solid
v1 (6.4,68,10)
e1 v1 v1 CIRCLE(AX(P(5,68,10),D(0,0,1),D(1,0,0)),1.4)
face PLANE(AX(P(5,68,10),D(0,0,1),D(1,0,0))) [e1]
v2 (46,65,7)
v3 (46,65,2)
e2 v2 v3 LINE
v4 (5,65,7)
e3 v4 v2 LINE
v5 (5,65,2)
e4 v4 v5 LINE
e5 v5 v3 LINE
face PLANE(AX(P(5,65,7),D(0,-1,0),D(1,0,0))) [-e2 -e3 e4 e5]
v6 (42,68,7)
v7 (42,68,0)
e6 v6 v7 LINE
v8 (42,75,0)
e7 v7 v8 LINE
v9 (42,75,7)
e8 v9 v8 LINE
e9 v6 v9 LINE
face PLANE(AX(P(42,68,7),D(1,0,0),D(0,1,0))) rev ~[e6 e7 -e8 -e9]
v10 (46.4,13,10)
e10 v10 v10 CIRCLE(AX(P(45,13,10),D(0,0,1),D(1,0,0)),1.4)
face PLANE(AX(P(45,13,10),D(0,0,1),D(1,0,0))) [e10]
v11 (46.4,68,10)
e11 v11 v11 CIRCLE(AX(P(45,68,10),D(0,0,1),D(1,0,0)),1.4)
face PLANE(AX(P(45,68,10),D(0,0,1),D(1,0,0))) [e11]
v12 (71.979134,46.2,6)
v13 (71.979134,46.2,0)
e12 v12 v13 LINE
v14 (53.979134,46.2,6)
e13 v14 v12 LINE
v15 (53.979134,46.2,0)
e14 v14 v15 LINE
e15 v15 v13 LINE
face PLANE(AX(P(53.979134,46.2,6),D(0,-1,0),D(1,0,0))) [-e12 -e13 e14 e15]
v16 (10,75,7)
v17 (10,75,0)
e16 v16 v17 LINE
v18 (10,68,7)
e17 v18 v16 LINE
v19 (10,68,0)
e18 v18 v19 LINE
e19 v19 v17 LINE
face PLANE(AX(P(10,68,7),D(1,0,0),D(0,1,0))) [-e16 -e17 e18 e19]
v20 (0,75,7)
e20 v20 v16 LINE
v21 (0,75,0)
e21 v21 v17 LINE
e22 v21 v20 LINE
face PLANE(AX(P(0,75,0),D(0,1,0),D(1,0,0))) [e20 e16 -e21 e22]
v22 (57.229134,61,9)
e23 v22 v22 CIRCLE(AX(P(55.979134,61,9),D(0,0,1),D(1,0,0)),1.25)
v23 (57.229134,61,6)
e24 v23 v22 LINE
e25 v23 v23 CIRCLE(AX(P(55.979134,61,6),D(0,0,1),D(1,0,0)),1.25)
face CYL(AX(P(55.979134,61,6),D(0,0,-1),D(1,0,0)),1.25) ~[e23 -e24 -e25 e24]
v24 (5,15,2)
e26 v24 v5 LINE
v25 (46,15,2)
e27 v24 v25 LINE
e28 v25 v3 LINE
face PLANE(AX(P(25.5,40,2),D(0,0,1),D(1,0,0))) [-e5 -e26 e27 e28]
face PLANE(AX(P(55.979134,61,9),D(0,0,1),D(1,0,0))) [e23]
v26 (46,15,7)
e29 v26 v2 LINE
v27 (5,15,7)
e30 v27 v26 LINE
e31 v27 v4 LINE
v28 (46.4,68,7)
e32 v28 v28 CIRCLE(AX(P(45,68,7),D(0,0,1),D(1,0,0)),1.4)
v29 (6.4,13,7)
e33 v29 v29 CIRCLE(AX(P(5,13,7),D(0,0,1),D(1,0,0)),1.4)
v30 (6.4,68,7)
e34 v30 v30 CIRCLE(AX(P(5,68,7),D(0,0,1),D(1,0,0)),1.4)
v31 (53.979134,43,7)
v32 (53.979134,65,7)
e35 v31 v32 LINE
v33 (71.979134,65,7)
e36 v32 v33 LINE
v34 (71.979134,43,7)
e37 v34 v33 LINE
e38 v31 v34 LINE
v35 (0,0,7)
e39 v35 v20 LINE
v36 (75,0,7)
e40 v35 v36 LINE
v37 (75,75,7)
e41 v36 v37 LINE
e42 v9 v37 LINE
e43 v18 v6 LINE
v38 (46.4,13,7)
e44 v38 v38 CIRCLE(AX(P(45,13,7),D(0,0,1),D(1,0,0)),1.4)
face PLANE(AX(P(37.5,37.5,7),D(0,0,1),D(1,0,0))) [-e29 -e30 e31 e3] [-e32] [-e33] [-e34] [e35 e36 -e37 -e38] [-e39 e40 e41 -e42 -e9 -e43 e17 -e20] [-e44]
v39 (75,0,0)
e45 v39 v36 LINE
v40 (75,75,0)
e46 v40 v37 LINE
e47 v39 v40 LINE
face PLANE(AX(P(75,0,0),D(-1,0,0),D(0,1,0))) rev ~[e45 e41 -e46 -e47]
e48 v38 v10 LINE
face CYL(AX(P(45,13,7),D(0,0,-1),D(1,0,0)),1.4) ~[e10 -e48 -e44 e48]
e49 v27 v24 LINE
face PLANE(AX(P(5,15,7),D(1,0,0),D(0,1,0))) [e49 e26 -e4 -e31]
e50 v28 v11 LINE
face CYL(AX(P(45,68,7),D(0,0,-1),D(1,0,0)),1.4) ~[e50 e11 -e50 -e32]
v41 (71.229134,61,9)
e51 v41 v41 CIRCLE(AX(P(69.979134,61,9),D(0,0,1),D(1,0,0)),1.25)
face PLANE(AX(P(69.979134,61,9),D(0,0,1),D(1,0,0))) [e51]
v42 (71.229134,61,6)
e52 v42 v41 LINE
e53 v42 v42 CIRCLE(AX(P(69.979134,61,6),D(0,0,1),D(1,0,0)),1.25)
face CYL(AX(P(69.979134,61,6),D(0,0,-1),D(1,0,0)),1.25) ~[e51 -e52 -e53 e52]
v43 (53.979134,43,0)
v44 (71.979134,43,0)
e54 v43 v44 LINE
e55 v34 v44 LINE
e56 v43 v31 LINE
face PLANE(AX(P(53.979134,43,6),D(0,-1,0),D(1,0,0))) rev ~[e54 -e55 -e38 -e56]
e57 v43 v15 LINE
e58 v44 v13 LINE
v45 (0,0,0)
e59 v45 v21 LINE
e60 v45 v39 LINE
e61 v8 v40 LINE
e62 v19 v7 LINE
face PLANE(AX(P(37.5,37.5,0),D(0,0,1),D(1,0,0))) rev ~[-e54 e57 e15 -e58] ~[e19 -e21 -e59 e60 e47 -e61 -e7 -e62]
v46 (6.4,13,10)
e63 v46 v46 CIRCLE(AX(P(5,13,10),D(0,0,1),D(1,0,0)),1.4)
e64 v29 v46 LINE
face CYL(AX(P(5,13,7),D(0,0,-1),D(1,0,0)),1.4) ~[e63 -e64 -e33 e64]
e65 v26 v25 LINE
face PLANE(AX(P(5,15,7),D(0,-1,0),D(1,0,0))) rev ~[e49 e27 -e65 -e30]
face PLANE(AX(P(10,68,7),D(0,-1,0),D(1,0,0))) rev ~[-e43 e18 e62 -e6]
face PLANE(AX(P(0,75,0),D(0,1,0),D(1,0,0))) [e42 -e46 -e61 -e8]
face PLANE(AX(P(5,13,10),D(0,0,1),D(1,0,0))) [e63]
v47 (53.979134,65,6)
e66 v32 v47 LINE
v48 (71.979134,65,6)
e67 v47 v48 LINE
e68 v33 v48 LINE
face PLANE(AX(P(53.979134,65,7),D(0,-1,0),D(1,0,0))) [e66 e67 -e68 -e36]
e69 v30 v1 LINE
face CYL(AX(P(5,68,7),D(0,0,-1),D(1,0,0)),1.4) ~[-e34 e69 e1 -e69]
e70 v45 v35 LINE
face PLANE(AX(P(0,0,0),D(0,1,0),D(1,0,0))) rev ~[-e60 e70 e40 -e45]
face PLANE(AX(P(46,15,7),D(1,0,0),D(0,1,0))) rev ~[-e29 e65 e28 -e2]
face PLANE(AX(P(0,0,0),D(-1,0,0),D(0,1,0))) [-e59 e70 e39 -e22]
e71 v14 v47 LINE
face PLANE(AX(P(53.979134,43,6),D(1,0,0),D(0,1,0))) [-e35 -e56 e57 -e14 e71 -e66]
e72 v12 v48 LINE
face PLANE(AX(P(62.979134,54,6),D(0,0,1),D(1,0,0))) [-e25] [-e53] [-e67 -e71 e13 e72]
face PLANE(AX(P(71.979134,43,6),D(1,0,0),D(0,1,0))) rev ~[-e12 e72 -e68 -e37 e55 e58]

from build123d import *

# Parameters (mm, degrees)
SKETCH_W        = 75
SKETCH_H        = 75
PAD_DEPTH       = 7
SKETCH001_R     = 1.4
PAD001_DEPTH    = 3
SKETCH002_W     = 41
SKETCH002_H     = 50
POCKET_DEPTH    = 5
SKETCH003_W     = 18
SKETCH003_H     = 22
POCKET001_DEPTH = 1
SKETCH004_W     = 18
SKETCH004_H     = 3.2
POCKET002_DEPTH = 6.001
SKETCH005_R     = 1.25
PAD002_DEPTH    = 3
SKETCH006_W     = 32
SKETCH006_H     = 10
POCKET003_DEPTH = 7.001


with BuildPart() as part:
    # Sketch → Pad (new body)
    with BuildSketch(Plane.XY):
        with Locations((37.5, 37.5)):
            Rectangle(SKETCH_W, SKETCH_H)
    extrude(amount=PAD_DEPTH)

    # Sketch001 (on Face6 of Pad) → Pad001 (join)
    with BuildSketch(Plane.XY.offset(7)):
        with Locations((5, 68)):
            Circle(SKETCH001_R)
        with Locations((45, 68)):
            Circle(SKETCH001_R)
        with Locations((5, 13)):
            Circle(SKETCH001_R)
        with Locations((45, 13)):
            Circle(SKETCH001_R)
    extrude(amount=PAD001_DEPTH)

    # Sketch002 (on Face5 of Pad001) → Pocket (cut)
    with BuildSketch(Plane.XY.offset(7)):
        with Locations((25.5, 40)):
            Rectangle(SKETCH002_W, SKETCH002_H)
    extrude(amount=-POCKET_DEPTH, mode=Mode.SUBTRACT)

    # Sketch003 (on Face5 of Pocket) → Pocket001 (cut)
    with BuildSketch(Plane.XY.offset(7)):
        with Locations((62.979134, 54)):
            Rectangle(SKETCH003_W, SKETCH003_H)
    extrude(amount=-POCKET001_DEPTH, mode=Mode.SUBTRACT)

    # Sketch004 (on Face23 of Pocket001) → Pocket002 (cut, through all)
    with BuildSketch(Plane.XY.offset(6)):
        with Locations((62.979134, 44.6)):
            Rectangle(SKETCH004_W, SKETCH004_H)
    extrude(amount=-POCKET002_DEPTH, mode=Mode.SUBTRACT)

    # Sketch005 (on Face23 of Pocket002) → Pad002 (join)
    with BuildSketch(Plane.XY.offset(6)):
        with Locations((55.979134, 61)):
            Circle(SKETCH005_R)
        with Locations((69.979134, 61)):
            Circle(SKETCH005_R)
    extrude(amount=PAD002_DEPTH)

    # Sketch006 (on Face5 of Pad002) → Pocket003 (cut, through all)
    with BuildSketch(Plane.XY.offset(7)):
        with Locations((26, 73)):
            Rectangle(SKETCH006_W, SKETCH006_H)
    extrude(amount=-POCKET003_DEPTH, mode=Mode.SUBTRACT)


solid = part.part
